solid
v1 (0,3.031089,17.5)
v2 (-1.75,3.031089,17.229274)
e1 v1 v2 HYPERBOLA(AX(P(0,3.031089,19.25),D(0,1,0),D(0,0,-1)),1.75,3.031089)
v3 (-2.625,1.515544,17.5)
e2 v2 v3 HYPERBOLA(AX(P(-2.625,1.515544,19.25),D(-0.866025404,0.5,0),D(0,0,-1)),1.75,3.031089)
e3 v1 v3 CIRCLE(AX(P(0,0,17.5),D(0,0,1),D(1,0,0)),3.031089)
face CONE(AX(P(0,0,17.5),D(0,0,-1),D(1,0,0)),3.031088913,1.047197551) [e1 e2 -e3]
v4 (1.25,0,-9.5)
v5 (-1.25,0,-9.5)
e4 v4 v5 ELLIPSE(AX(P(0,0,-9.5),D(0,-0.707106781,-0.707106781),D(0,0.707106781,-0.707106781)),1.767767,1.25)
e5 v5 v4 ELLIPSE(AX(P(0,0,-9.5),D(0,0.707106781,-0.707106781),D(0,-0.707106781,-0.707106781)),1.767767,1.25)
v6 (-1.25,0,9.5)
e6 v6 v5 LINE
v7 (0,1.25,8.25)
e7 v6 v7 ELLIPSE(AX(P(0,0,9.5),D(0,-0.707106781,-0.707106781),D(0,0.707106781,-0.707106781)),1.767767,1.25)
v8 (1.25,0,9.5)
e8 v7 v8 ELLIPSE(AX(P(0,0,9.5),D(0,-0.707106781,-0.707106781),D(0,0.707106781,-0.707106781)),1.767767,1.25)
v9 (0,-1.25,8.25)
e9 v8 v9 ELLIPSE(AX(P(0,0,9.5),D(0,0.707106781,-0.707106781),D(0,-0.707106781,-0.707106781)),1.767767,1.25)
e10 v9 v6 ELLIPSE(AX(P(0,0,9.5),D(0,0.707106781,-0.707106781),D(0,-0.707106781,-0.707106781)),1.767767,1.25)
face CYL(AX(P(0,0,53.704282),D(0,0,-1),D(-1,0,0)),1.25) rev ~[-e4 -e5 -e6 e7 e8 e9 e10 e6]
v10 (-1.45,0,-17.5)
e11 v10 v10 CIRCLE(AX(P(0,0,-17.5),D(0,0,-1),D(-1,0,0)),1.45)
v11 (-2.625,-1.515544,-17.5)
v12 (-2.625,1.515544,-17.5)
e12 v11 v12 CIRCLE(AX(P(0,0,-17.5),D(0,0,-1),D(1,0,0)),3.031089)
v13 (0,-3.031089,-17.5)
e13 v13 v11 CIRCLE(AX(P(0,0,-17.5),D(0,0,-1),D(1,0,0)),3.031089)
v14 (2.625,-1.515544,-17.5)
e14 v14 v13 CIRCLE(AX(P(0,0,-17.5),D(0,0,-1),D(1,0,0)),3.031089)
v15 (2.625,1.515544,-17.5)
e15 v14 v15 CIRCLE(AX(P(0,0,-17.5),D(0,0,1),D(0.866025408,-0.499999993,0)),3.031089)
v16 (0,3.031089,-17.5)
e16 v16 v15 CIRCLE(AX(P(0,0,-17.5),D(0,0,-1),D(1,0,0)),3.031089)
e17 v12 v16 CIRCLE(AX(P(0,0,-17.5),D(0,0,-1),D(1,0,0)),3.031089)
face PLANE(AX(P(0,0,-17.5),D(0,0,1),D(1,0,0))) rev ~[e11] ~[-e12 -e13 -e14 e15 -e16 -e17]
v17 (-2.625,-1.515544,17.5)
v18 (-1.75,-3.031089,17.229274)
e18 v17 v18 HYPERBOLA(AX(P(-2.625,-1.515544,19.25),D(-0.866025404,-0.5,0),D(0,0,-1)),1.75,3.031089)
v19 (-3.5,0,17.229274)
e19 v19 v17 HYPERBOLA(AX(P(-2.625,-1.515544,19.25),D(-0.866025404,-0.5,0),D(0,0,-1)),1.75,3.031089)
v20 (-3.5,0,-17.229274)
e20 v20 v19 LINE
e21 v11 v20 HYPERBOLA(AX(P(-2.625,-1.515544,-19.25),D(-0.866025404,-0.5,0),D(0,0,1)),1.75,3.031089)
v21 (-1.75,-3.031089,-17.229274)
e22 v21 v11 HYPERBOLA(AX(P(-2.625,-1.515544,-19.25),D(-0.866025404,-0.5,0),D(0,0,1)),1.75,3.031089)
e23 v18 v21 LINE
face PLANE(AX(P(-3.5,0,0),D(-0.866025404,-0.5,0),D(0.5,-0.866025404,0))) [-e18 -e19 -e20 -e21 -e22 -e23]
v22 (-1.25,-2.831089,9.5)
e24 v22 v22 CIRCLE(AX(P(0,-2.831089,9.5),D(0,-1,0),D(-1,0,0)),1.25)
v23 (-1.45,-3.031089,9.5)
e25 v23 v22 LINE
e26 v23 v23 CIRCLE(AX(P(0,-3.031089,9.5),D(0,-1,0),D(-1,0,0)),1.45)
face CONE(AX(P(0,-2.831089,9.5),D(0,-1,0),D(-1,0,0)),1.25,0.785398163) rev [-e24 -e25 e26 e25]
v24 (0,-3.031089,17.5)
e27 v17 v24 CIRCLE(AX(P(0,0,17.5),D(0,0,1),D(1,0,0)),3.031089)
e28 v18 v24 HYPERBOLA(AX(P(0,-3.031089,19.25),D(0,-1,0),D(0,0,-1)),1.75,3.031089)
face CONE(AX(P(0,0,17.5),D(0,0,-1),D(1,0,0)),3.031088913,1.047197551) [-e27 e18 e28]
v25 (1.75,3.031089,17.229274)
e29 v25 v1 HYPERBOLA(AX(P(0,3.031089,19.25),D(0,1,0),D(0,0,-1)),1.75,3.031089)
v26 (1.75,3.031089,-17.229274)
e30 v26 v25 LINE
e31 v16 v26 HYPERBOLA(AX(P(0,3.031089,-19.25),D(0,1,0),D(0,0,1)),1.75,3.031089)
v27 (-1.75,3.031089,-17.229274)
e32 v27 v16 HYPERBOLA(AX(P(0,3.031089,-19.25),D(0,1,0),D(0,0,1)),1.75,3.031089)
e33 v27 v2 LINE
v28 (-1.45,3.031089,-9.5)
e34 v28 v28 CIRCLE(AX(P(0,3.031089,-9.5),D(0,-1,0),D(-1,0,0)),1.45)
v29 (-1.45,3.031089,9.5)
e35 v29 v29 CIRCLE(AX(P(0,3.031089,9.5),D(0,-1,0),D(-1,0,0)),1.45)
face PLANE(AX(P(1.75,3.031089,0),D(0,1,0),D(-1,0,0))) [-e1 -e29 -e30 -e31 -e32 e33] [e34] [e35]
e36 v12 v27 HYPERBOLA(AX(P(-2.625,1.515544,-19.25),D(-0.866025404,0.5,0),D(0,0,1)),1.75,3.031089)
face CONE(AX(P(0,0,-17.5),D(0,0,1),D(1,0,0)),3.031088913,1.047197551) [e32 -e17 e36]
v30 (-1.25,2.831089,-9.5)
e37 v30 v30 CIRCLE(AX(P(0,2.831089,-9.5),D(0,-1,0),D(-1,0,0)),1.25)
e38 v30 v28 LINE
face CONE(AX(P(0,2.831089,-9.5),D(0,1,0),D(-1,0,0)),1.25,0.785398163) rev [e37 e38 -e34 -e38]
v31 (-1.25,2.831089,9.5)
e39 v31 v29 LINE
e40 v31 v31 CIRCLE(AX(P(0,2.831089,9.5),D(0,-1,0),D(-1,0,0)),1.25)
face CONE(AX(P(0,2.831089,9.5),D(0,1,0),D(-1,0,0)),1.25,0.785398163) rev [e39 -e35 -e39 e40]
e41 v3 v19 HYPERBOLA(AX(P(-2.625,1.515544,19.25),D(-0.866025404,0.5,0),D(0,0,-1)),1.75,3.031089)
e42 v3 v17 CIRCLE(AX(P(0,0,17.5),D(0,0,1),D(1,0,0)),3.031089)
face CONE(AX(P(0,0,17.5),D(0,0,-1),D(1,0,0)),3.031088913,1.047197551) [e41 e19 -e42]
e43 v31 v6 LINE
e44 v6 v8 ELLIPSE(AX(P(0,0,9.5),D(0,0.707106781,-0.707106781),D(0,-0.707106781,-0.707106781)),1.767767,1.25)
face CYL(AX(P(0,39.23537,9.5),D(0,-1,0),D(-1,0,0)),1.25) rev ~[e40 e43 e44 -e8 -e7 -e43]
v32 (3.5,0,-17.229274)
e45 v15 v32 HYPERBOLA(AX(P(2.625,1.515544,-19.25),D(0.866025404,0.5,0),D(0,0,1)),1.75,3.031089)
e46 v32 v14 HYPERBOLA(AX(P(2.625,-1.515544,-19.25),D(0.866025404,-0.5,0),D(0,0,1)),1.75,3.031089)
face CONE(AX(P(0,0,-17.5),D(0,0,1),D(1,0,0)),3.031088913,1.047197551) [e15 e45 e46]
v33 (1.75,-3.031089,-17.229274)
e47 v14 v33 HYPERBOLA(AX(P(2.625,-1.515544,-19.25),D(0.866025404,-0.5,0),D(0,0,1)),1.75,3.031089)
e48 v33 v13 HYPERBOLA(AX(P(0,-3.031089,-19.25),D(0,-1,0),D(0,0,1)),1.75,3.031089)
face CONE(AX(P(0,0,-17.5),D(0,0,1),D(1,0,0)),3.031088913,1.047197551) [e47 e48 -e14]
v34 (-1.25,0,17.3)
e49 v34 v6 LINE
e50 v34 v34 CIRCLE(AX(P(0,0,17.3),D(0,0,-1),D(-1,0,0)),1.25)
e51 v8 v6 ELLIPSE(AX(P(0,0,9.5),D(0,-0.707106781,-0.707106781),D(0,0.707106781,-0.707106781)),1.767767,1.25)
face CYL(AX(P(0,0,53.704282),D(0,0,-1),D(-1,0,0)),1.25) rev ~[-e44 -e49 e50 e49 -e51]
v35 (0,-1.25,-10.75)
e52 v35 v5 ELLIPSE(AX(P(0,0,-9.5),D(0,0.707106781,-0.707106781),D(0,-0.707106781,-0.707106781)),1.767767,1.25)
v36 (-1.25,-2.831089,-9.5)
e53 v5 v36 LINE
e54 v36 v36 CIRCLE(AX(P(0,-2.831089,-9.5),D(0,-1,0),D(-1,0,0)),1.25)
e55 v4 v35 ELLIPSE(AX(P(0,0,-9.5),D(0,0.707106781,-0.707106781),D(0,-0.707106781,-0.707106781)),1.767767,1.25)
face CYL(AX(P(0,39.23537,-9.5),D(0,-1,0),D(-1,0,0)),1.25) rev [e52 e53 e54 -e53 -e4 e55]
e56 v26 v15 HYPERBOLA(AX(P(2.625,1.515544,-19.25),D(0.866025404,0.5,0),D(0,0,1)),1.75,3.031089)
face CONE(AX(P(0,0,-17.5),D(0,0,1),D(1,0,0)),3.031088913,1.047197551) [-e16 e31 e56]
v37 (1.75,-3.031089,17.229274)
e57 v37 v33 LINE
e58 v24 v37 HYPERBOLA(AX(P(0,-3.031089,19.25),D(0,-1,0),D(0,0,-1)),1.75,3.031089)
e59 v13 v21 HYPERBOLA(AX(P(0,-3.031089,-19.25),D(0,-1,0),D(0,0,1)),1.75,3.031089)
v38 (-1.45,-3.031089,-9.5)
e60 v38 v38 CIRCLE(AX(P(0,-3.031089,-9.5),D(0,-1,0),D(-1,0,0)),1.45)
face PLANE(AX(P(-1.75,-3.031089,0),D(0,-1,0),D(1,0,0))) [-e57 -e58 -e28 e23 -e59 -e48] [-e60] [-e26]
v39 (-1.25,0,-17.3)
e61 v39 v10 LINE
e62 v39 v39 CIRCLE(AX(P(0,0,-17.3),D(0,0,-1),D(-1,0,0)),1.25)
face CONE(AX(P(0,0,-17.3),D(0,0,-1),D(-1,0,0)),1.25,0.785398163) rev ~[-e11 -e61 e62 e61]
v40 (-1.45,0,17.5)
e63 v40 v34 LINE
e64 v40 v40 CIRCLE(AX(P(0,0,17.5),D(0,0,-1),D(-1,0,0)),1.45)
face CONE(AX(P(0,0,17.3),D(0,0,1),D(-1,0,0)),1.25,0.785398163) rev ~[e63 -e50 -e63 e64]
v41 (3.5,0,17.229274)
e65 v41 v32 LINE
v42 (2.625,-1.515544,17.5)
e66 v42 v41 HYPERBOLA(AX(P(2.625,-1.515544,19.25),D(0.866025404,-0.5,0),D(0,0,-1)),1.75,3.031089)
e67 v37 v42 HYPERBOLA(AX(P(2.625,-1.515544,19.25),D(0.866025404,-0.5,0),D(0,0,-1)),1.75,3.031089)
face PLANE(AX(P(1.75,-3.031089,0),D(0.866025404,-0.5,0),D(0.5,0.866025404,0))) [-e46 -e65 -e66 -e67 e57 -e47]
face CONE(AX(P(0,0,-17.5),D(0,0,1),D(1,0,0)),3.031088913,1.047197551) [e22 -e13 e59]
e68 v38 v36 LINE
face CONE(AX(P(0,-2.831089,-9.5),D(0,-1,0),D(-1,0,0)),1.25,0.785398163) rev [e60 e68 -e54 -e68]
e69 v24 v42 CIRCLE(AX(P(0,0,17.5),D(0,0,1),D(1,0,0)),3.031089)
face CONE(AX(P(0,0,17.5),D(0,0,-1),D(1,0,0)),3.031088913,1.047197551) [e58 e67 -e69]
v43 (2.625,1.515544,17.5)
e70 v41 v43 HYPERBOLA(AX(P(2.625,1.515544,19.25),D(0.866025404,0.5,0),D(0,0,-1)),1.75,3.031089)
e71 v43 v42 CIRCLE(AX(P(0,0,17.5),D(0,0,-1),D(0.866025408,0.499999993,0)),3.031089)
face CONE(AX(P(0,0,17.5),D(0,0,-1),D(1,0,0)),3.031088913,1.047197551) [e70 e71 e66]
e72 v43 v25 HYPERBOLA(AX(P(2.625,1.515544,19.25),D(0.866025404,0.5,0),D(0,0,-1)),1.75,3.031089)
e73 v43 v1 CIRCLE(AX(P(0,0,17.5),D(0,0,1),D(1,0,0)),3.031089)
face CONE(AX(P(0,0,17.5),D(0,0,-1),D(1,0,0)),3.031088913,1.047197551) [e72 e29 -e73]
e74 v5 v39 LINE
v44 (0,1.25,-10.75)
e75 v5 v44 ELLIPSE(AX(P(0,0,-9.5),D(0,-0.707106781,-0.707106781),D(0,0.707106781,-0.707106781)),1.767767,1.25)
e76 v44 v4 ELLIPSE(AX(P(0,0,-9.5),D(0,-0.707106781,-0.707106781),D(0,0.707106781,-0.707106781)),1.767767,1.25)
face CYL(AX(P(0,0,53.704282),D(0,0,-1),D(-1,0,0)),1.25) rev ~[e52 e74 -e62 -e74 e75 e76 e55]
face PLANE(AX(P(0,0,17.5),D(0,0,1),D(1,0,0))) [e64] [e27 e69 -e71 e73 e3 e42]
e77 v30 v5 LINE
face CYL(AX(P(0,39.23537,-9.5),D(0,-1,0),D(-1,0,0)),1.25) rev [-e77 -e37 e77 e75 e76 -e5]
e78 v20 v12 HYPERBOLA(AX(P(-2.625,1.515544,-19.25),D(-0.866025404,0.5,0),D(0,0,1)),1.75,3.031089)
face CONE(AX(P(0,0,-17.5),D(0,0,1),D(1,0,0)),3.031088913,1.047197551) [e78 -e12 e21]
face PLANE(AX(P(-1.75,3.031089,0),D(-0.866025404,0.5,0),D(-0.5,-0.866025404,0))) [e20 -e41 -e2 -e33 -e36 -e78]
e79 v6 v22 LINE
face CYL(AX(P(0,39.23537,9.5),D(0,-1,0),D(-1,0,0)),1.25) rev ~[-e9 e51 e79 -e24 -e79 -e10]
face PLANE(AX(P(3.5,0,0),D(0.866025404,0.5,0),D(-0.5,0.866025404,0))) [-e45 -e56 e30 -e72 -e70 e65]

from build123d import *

# Parameters (mm, degrees)
EXTRUDE_1_DEPTH          = 17.5
SKETCH_2_OUTSIDE_W       = 142.004
SKETCH_2_OUTSIDE_H       = 141.066
SKETCH_2_OUTSIDE_R       = 3.031088913
CUT_EXTRUDE_1_DEPTH      = 36.304921753
CUT_EXTRUDE_1_DRAFT      = -60
HOLE_WIZARD_M3_1_D       = 2.5
HOLE_WIZARD_M3_2_D       = 2.5
MIRROR_1_COPY_1_SKETCH_W = 142.004
MIRROR_1_COPY_1_SKETCH_H = 141.066
MIRROR_1_COPY_1_SKETCH_R = 3.031088913
MIRROR_1_COPY_1_DEPTH    = 36.304921753
MIRROR_1_COPY_1_DRAFT    = -60
CHAMFER_1_SIZE           = 0.2


with BuildPart() as part:
    # 草图1 → 凸台-拉伸1 (new, symmetric)
    with BuildSketch(Plane.XY):
        Polygon((3.5, 0), (1.75, 3.031088913), (-1.75, 3.031088913), (-3.5, 0), (-1.75, -3.031088913), (1.75, -3.031088913), align=None)
    extrude(amount=EXTRUDE_1_DEPTH, both=True)


with BuildPart() as cut_extrude_1_tool:
    # 草图2 outside → 切除-拉伸1 (with draft: the straight prism first)
    with BuildSketch(Plane.XY.offset(17.5)):
        Rectangle(SKETCH_2_OUTSIDE_W, SKETCH_2_OUTSIDE_H)
        Circle(SKETCH_2_OUTSIDE_R, mode=Mode.SUBTRACT)
    extrude(amount=-CUT_EXTRUDE_1_DEPTH)
    # 切除-拉伸1: the draft: its side faces are tilted about the plane it starts from
    cut_extrude_1_sides = [cut_extrude_1_tool.faces().sort_by_distance(p)[0] for p in [
        (0, -70.533, -0.652460877),
        (71.002, 0, -0.652460877),
        (0, 70.533, -0.652460877),
        (-71.002, 0, -0.652460877),
        (-3.031088913, 0, -0.652460877),
    ]]
    draft(cut_extrude_1_sides, Plane.XY.offset(17.5), CUT_EXTRUDE_1_DRAFT)


with BuildPart() as part_1:
    add(part.part)

    # 切除-拉伸1: cut by cut_extrude_1_tool
    add(cut_extrude_1_tool.part, mode=Mode.SUBTRACT)

    # M3 螺纹孔1 (through all)
    with Locations(Plane.XY.offset(17.5)):
        with Locations((0, 0)):
            hole_wizard_m3_1 = Hole(HOLE_WIZARD_M3_1_D / 2)

    # M3 螺纹孔2 (through all)
    with Locations(Plane(origin=(0, 3.031088913, 0), x_dir=(1, 0, 0), z_dir=(0, 1, 0))):
        with Locations((0, -9.5)):
            hole_wizard_m3_2 = Hole(HOLE_WIZARD_M3_2_D / 2)

    # 镜向1: M3 螺纹孔1, M3 螺纹孔2 across plane
    add(hole_wizard_m3_1.mirror(Plane.XY), mode=Mode.SUBTRACT)
    add(hole_wizard_m3_2.mirror(Plane.XY), mode=Mode.SUBTRACT)


with BuildPart() as mirror_1_copy_1_tool:
    # 镜向1 copy 1 sketch → 镜向1 copy 1 (with draft: the straight prism first)
    with BuildSketch(Plane(origin=(0, 0, -17.5), x_dir=(1, 0, 0), z_dir=(0, 0, -1))):
        Rectangle(MIRROR_1_COPY_1_SKETCH_W, MIRROR_1_COPY_1_SKETCH_H)
        Circle(MIRROR_1_COPY_1_SKETCH_R, mode=Mode.SUBTRACT)
    extrude(amount=-MIRROR_1_COPY_1_DEPTH)
    # 镜向1 copy 1: the draft: its side faces are tilted about the plane it starts from
    mirror_1_copy_1_sides = [mirror_1_copy_1_tool.faces().sort_by_distance(p)[0] for p in [
        (0, -70.533, 0.652460877),
        (71.002, 0, 0.652460877),
        (0, 70.533, 0.652460877),
        (-71.002, 0, 0.652460877),
        (-3.031088913, 0, 0.652460877),
    ]]
    draft(mirror_1_copy_1_sides, Plane(origin=(0, 0, -17.5), x_dir=(1, 0, 0), z_dir=(0, 0, -1)), MIRROR_1_COPY_1_DRAFT)


with BuildPart() as part_2:
    add(part_1.part)

    # 镜向1 copy 1: cut by mirror_1_copy_1_tool
    add(mirror_1_copy_1_tool.part, mode=Mode.SUBTRACT)

    # 倒角1
    chamfer_1_edges = [part_2.edges().sort_by_distance(p)[0] for p in [
        (1.25, -3.031088913, -9.5),
        (1.25, 3.031088913, -9.5),
        (1.25, 0, 17.5),
        (1.25, 0, -17.5),
        (1.25, -3.031088913, 9.5),
        (1.25, 3.031088913, 9.5),
    ]]
    chamfer(chamfer_1_edges, length=CHAMFER_1_SIZE)


solid = part_2.part
